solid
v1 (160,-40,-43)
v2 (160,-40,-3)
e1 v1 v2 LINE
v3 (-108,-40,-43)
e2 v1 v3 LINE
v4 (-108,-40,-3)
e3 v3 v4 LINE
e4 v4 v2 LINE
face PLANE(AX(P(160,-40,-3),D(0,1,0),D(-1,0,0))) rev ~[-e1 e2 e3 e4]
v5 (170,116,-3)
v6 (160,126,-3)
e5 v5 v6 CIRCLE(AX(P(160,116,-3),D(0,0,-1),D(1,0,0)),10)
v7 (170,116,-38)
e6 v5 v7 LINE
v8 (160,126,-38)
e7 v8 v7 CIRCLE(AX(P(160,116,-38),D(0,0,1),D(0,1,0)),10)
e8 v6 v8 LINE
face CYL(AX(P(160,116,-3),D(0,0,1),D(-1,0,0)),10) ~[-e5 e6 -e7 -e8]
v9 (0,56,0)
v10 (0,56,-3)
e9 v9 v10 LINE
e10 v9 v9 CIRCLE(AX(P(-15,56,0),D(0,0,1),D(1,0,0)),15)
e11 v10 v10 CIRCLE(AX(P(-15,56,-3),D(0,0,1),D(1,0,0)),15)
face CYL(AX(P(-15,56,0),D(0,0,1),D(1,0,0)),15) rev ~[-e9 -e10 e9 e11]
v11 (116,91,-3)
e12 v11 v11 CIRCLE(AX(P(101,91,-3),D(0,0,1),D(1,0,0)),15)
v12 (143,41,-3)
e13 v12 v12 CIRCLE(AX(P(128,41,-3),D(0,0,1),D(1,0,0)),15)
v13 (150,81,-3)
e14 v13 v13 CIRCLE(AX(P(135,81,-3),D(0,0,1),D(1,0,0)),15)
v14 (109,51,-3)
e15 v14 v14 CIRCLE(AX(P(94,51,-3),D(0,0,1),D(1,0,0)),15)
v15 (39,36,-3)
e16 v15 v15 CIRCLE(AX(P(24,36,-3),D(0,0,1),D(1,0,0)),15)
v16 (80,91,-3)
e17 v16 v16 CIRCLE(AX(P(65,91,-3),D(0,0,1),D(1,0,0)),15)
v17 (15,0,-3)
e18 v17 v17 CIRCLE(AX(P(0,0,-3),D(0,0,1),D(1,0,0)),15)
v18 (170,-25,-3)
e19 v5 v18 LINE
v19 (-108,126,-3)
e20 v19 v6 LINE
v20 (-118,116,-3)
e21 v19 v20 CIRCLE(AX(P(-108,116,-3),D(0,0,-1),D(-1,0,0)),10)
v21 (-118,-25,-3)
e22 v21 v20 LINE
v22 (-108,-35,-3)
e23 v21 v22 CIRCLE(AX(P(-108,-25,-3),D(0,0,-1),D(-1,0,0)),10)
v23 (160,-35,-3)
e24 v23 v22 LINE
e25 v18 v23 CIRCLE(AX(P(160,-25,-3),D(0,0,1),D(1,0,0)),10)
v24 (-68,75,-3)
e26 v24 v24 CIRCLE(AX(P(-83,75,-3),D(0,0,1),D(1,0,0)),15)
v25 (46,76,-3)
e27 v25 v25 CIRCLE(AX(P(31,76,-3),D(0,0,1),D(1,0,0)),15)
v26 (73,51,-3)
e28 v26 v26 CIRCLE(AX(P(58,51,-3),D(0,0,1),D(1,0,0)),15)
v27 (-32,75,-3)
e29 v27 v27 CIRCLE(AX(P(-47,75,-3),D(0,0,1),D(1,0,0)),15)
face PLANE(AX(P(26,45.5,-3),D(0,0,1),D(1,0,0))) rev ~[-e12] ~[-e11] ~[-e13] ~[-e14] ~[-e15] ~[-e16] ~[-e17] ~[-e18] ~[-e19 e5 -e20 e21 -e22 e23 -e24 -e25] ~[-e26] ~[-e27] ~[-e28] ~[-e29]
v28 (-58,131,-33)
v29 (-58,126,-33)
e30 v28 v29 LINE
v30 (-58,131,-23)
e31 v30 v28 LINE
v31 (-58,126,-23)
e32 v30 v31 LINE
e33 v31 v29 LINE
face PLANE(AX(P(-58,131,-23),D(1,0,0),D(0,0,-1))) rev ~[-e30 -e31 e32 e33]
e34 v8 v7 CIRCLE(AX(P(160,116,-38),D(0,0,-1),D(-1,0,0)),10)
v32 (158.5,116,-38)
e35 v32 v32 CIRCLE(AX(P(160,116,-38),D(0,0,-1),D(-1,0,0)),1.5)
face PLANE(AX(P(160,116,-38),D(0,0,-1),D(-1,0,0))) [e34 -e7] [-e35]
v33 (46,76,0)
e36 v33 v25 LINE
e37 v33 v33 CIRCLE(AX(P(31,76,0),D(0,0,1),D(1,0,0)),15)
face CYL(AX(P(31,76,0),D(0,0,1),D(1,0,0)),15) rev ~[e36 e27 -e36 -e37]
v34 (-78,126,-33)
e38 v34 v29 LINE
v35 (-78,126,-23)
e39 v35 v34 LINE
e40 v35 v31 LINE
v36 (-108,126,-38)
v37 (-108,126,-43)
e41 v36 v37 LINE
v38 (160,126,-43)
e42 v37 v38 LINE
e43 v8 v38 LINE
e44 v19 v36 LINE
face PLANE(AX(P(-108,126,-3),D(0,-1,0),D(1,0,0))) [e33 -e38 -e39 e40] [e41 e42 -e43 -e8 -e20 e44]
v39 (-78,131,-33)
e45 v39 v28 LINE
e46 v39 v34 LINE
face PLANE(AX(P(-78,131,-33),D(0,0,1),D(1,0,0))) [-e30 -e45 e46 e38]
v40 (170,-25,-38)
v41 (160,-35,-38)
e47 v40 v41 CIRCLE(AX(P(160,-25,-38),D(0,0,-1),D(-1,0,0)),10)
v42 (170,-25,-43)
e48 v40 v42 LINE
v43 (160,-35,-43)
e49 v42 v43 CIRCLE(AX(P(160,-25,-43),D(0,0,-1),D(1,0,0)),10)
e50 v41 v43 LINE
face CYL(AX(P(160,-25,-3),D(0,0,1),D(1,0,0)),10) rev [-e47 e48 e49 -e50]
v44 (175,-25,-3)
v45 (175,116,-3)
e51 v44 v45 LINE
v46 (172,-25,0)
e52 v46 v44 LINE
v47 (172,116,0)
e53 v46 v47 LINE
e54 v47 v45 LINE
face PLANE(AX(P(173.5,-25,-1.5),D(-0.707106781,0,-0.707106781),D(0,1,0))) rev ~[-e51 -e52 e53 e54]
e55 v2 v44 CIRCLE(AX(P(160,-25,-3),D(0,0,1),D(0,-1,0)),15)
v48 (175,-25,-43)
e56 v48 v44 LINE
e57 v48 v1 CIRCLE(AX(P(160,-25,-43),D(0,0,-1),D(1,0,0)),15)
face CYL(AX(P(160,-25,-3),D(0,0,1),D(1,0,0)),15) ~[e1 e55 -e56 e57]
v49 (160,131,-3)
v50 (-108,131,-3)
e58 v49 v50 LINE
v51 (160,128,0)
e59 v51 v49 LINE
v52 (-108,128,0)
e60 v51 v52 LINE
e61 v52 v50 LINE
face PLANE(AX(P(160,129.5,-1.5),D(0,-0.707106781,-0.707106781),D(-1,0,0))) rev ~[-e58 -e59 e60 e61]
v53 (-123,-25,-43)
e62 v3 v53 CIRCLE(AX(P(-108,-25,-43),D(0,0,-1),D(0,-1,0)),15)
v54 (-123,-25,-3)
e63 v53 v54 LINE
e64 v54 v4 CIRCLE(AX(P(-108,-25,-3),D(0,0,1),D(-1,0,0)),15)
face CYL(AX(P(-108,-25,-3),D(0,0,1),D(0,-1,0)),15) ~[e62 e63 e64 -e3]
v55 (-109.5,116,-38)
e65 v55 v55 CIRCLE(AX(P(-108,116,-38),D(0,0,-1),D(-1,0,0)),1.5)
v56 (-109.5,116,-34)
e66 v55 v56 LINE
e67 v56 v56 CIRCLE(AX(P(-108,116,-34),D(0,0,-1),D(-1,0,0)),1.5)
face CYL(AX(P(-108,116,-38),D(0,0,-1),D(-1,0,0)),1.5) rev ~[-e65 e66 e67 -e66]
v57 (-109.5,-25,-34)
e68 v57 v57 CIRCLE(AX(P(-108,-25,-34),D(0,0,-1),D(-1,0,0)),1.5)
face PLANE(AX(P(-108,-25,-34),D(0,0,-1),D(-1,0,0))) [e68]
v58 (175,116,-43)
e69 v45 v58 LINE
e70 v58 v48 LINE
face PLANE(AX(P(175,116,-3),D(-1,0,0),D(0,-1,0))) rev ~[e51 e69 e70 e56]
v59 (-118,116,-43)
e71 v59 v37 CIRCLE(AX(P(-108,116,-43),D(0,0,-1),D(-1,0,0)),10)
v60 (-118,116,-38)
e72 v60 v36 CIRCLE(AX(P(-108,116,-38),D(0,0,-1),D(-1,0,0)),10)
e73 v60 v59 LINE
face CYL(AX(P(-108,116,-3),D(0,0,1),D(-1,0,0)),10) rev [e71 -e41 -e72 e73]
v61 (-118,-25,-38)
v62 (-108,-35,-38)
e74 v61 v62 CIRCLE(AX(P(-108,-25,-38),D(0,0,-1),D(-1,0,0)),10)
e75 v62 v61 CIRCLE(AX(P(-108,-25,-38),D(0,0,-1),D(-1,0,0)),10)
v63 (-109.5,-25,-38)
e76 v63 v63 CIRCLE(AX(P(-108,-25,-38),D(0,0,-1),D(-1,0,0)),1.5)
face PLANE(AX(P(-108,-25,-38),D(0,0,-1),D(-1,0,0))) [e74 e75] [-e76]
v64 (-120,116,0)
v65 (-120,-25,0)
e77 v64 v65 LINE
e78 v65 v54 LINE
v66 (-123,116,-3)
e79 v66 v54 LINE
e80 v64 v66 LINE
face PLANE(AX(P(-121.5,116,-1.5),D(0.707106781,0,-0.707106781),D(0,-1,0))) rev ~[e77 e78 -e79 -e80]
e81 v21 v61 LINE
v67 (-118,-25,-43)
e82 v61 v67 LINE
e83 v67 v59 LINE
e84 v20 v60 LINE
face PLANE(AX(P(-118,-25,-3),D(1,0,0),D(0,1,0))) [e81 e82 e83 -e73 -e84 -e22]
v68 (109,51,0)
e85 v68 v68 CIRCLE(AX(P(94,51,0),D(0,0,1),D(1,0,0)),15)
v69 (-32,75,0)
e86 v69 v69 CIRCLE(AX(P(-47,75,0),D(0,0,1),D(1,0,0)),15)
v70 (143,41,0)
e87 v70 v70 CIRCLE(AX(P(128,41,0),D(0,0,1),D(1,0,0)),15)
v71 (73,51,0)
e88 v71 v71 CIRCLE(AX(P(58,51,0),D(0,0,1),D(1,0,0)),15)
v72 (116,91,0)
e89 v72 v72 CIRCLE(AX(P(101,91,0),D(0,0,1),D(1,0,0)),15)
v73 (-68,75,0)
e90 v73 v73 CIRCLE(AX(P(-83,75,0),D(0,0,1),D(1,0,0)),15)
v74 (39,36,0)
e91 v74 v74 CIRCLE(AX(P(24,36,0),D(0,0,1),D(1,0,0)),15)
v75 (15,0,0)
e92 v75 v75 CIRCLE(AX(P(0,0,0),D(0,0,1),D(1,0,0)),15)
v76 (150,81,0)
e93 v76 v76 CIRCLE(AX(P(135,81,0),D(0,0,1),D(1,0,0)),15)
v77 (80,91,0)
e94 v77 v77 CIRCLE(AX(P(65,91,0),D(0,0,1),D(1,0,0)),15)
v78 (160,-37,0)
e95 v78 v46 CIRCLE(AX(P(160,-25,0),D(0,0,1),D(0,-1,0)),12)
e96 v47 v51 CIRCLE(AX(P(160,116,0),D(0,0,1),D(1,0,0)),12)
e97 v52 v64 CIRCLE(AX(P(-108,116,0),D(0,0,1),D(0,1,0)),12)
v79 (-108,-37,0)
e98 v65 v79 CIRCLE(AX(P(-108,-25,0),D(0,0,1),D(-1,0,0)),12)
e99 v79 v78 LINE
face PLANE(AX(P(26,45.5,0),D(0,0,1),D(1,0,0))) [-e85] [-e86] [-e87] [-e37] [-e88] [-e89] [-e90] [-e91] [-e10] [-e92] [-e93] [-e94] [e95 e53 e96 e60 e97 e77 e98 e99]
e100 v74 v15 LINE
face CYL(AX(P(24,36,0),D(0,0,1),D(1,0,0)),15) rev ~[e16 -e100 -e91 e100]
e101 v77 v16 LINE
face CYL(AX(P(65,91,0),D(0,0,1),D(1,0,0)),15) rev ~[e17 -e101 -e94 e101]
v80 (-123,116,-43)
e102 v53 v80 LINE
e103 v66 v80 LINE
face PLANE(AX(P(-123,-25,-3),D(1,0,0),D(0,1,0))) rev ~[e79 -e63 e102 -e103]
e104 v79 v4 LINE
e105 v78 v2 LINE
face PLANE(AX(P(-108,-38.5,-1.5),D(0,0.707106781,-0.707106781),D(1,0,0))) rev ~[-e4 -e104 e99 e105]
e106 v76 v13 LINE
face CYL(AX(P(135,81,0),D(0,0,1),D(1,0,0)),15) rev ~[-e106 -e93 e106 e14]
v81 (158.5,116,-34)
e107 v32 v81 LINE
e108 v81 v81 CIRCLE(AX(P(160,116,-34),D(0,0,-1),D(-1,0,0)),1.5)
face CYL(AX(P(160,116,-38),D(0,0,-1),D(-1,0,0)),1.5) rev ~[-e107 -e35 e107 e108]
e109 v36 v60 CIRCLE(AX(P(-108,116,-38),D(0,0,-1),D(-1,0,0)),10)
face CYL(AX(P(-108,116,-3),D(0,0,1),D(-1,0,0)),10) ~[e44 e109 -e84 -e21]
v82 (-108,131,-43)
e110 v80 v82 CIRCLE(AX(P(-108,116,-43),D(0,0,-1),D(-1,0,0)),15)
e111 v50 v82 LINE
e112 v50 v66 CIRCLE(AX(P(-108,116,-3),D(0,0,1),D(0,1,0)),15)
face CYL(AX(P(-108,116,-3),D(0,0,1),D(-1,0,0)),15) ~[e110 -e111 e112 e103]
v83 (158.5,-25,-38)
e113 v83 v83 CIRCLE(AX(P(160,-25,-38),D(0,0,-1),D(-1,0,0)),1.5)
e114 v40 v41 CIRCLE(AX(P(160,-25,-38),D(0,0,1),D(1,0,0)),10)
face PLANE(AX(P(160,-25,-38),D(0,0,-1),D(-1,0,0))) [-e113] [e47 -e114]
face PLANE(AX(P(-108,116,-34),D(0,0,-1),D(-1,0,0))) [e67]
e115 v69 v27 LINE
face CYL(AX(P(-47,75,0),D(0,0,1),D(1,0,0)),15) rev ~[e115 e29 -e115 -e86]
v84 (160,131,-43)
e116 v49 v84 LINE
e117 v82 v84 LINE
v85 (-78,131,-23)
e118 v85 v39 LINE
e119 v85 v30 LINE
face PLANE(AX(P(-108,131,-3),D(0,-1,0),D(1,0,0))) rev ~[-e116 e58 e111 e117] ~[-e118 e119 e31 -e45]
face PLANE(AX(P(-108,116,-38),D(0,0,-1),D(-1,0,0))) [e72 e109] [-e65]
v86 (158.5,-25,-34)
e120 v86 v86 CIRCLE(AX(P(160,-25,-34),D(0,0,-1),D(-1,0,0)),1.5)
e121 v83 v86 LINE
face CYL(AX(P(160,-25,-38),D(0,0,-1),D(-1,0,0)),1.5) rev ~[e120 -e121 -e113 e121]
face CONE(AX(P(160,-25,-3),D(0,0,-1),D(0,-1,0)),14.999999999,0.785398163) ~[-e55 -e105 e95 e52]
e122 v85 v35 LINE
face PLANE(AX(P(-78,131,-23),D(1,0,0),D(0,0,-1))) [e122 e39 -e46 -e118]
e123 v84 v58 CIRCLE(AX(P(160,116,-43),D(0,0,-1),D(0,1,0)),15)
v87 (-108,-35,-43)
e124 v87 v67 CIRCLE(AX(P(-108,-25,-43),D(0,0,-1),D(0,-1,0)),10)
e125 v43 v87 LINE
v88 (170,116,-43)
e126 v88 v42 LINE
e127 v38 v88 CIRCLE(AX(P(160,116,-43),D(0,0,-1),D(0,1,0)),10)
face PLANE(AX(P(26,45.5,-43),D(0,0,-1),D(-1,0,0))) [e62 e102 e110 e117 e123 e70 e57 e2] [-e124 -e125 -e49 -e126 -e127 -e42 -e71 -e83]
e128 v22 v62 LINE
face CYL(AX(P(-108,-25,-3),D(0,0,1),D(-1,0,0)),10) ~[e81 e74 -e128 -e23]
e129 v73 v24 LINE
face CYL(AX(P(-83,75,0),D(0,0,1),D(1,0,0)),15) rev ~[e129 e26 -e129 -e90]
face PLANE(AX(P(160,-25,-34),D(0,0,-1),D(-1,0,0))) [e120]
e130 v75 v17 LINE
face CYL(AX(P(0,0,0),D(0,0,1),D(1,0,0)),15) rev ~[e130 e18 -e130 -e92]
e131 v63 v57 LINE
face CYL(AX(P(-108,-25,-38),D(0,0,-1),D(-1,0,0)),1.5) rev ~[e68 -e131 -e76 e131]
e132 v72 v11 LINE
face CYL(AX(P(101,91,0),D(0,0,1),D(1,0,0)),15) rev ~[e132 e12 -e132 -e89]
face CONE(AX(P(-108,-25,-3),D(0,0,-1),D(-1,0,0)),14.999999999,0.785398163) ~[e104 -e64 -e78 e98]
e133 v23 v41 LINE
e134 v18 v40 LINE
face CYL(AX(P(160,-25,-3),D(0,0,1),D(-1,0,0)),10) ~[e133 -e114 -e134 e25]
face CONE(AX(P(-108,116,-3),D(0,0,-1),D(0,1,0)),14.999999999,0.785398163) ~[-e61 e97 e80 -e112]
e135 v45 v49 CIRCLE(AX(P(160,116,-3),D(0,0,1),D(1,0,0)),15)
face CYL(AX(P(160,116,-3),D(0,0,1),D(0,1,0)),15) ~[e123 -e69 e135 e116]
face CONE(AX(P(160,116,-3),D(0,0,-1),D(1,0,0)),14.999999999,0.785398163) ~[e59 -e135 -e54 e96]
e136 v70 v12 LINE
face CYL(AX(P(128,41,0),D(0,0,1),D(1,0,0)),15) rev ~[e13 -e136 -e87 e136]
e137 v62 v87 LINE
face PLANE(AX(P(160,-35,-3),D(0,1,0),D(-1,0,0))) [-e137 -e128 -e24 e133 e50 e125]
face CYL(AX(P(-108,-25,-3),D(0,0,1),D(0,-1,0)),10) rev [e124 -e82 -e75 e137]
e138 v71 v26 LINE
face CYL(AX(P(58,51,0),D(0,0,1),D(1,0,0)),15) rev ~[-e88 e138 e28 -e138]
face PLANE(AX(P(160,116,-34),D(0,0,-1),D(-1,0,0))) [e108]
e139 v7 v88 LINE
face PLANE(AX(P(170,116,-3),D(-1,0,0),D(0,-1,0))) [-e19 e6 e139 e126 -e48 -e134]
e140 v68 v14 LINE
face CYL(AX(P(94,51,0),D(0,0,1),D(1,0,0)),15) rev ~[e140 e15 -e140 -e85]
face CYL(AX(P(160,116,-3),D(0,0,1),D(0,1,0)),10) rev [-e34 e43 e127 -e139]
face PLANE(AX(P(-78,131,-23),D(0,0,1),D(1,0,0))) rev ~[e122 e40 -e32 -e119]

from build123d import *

# Parameters (mm, degrees)
SKETCH1_R           = 15
BOSS_EXTRUDE1_DEPTH = 3
BOSS_EXTRUDE2_DEPTH = 40
CHAMFER1_SIZE       = 3
SKETCH4_R           = 10
BOSS_EXTRUDE3_DEPTH = 35
SKETCH6_W           = 20
SKETCH6_H           = 10
CUT_EXTRUDE1_DEPTH  = 5
SKETCH8_R           = 1.5
CUT_EXTRUDE3_DEPTH  = 4


with BuildPart() as part:
    # Sketch1 → Boss-Extrude1 (new body)
    with BuildSketch(Plane.XY):
        with BuildLine():
            Line((-123, 116), (-123, -25))
            ThreePointArc((-123, -25), (-118.606601718, -35.606601718), (-108, -40))
            Line((-108, -40), (160, -40))
            ThreePointArc((160, -40), (170.606601718, -35.606601718), (175, -25))
            Line((175, -25), (175, 116))
            ThreePointArc((175, 116), (170.606601718, 126.606601718), (160, 131))
            Line((160, 131), (-108, 131))
            ThreePointArc((-108, 131), (-118.606601718, 126.606601718), (-123, 116))
        make_face()
        Circle(SKETCH1_R, mode=Mode.SUBTRACT)
        with Locations((-47, 75)):
            Circle(SKETCH1_R, mode=Mode.SUBTRACT)
        with Locations((-15, 56)):
            Circle(SKETCH1_R, mode=Mode.SUBTRACT)
        with Locations((-83, 75)):
            Circle(SKETCH1_R, mode=Mode.SUBTRACT)
        with Locations((31, 76)):
            Circle(SKETCH1_R, mode=Mode.SUBTRACT)
        with Locations((65, 91)):
            Circle(SKETCH1_R, mode=Mode.SUBTRACT)
        with Locations((101, 91)):
            Circle(SKETCH1_R, mode=Mode.SUBTRACT)
        with Locations((24, 36)):
            Circle(SKETCH1_R, mode=Mode.SUBTRACT)
        with Locations((58, 51)):
            Circle(SKETCH1_R, mode=Mode.SUBTRACT)
        with Locations((94, 51)):
            Circle(SKETCH1_R, mode=Mode.SUBTRACT)
        with Locations((135, 81)):
            Circle(SKETCH1_R, mode=Mode.SUBTRACT)
        with Locations((128, 41)):
            Circle(SKETCH1_R, mode=Mode.SUBTRACT)
    extrude(amount=-BOSS_EXTRUDE1_DEPTH)

    # Sketch2 → Boss-Extrude2 (add)
    with BuildSketch(Plane(origin=(0, 0, -3), x_dir=(-1, 0, 0), z_dir=(0, 0, -1))):
        with BuildLine():
            Line((123, -25), (123, 116))
            ThreePointArc((123, 116), (118.606601718, 126.606601718), (108, 131))
            Line((108, 131), (-160, 131))
            ThreePointArc((-160, 131), (-170.606601718, 126.606601718), (-175, 116))
            Line((-175, 116), (-175, -25))
            ThreePointArc((-175, -25), (-170.606601718, -35.606601718), (-160, -40))
            Line((-160, -40), (108, -40))
            ThreePointArc((108, -40), (118.606601718, -35.606601718), (123, -25))
        make_face()
        with BuildLine():
            Line((118, -25), (118, 116))
            ThreePointArc((118, 116), (115.071067812, 123.071067812), (108, 126))
            Line((108, 126), (-160, 126))
            ThreePointArc((-160, 126), (-167.071067812, 123.071067812), (-170, 116))
            Line((-170, 116), (-170, -25))
            ThreePointArc((-170, -25), (-167.071067812, -32.071067812), (-160, -35))
            Line((-160, -35), (108, -35))
            ThreePointArc((108, -35), (115.071067812, -32.071067812), (118, -25))
        make_face(mode=Mode.SUBTRACT)
    extrude(amount=BOSS_EXTRUDE2_DEPTH)

    # Chamfer1
    chamfer1_edges = [part.edges().sort_by_distance(p)[0] for p in [
        (26, 131, 0),
        (170.606601718, 126.606601718, 0),
        (175, 45.5, 0),
        (170.606601718, -35.606601718, 0),
        (26, -40, 0),
        (-118.606601718, -35.606601718, 0),
        (-123, 45.5, 0),
        (-118.606601718, 126.606601718, 0),
    ]]
    chamfer(chamfer1_edges, length=CHAMFER1_SIZE)

    # Sketch4 → Boss-Extrude3 (add)
    with BuildSketch(Plane(origin=(0, 0, -3), x_dir=(-1, 0, 0), z_dir=(0, 0, -1))):
        with Locations((-160, 116)):
            Circle(SKETCH4_R)
        with Locations((108, 116)):
            Circle(SKETCH4_R)
        with Locations((-160, -25)):
            Circle(SKETCH4_R)
        with Locations((108, -25)):
            Circle(SKETCH4_R)
    extrude(amount=BOSS_EXTRUDE3_DEPTH)

    # Sketch6 → Cut-Extrude1 (cut)
    with BuildSketch(Plane(origin=(0, 131, 0), x_dir=(1, 0, 0), z_dir=(0, 1, 0))):
        with Locations((-68, 28)):
            Rectangle(SKETCH6_W, SKETCH6_H)
    extrude(amount=-CUT_EXTRUDE1_DEPTH, mode=Mode.SUBTRACT)

    # Sketch8 → Cut-Extrude3 (cut)
    with BuildSketch(Plane(origin=(0, 0, -38), x_dir=(-1, 0, 0), z_dir=(0, 0, -1))):
        with Locations((-160, 116)):
            Circle(SKETCH8_R)
        with Locations((108, 116)):
            Circle(SKETCH8_R)
        with Locations((-160, -25)):
            Circle(SKETCH8_R)
        with Locations((108, -25)):
            Circle(SKETCH8_R)
    extrude(amount=-CUT_EXTRUDE3_DEPTH, mode=Mode.SUBTRACT)


solid = part.part
